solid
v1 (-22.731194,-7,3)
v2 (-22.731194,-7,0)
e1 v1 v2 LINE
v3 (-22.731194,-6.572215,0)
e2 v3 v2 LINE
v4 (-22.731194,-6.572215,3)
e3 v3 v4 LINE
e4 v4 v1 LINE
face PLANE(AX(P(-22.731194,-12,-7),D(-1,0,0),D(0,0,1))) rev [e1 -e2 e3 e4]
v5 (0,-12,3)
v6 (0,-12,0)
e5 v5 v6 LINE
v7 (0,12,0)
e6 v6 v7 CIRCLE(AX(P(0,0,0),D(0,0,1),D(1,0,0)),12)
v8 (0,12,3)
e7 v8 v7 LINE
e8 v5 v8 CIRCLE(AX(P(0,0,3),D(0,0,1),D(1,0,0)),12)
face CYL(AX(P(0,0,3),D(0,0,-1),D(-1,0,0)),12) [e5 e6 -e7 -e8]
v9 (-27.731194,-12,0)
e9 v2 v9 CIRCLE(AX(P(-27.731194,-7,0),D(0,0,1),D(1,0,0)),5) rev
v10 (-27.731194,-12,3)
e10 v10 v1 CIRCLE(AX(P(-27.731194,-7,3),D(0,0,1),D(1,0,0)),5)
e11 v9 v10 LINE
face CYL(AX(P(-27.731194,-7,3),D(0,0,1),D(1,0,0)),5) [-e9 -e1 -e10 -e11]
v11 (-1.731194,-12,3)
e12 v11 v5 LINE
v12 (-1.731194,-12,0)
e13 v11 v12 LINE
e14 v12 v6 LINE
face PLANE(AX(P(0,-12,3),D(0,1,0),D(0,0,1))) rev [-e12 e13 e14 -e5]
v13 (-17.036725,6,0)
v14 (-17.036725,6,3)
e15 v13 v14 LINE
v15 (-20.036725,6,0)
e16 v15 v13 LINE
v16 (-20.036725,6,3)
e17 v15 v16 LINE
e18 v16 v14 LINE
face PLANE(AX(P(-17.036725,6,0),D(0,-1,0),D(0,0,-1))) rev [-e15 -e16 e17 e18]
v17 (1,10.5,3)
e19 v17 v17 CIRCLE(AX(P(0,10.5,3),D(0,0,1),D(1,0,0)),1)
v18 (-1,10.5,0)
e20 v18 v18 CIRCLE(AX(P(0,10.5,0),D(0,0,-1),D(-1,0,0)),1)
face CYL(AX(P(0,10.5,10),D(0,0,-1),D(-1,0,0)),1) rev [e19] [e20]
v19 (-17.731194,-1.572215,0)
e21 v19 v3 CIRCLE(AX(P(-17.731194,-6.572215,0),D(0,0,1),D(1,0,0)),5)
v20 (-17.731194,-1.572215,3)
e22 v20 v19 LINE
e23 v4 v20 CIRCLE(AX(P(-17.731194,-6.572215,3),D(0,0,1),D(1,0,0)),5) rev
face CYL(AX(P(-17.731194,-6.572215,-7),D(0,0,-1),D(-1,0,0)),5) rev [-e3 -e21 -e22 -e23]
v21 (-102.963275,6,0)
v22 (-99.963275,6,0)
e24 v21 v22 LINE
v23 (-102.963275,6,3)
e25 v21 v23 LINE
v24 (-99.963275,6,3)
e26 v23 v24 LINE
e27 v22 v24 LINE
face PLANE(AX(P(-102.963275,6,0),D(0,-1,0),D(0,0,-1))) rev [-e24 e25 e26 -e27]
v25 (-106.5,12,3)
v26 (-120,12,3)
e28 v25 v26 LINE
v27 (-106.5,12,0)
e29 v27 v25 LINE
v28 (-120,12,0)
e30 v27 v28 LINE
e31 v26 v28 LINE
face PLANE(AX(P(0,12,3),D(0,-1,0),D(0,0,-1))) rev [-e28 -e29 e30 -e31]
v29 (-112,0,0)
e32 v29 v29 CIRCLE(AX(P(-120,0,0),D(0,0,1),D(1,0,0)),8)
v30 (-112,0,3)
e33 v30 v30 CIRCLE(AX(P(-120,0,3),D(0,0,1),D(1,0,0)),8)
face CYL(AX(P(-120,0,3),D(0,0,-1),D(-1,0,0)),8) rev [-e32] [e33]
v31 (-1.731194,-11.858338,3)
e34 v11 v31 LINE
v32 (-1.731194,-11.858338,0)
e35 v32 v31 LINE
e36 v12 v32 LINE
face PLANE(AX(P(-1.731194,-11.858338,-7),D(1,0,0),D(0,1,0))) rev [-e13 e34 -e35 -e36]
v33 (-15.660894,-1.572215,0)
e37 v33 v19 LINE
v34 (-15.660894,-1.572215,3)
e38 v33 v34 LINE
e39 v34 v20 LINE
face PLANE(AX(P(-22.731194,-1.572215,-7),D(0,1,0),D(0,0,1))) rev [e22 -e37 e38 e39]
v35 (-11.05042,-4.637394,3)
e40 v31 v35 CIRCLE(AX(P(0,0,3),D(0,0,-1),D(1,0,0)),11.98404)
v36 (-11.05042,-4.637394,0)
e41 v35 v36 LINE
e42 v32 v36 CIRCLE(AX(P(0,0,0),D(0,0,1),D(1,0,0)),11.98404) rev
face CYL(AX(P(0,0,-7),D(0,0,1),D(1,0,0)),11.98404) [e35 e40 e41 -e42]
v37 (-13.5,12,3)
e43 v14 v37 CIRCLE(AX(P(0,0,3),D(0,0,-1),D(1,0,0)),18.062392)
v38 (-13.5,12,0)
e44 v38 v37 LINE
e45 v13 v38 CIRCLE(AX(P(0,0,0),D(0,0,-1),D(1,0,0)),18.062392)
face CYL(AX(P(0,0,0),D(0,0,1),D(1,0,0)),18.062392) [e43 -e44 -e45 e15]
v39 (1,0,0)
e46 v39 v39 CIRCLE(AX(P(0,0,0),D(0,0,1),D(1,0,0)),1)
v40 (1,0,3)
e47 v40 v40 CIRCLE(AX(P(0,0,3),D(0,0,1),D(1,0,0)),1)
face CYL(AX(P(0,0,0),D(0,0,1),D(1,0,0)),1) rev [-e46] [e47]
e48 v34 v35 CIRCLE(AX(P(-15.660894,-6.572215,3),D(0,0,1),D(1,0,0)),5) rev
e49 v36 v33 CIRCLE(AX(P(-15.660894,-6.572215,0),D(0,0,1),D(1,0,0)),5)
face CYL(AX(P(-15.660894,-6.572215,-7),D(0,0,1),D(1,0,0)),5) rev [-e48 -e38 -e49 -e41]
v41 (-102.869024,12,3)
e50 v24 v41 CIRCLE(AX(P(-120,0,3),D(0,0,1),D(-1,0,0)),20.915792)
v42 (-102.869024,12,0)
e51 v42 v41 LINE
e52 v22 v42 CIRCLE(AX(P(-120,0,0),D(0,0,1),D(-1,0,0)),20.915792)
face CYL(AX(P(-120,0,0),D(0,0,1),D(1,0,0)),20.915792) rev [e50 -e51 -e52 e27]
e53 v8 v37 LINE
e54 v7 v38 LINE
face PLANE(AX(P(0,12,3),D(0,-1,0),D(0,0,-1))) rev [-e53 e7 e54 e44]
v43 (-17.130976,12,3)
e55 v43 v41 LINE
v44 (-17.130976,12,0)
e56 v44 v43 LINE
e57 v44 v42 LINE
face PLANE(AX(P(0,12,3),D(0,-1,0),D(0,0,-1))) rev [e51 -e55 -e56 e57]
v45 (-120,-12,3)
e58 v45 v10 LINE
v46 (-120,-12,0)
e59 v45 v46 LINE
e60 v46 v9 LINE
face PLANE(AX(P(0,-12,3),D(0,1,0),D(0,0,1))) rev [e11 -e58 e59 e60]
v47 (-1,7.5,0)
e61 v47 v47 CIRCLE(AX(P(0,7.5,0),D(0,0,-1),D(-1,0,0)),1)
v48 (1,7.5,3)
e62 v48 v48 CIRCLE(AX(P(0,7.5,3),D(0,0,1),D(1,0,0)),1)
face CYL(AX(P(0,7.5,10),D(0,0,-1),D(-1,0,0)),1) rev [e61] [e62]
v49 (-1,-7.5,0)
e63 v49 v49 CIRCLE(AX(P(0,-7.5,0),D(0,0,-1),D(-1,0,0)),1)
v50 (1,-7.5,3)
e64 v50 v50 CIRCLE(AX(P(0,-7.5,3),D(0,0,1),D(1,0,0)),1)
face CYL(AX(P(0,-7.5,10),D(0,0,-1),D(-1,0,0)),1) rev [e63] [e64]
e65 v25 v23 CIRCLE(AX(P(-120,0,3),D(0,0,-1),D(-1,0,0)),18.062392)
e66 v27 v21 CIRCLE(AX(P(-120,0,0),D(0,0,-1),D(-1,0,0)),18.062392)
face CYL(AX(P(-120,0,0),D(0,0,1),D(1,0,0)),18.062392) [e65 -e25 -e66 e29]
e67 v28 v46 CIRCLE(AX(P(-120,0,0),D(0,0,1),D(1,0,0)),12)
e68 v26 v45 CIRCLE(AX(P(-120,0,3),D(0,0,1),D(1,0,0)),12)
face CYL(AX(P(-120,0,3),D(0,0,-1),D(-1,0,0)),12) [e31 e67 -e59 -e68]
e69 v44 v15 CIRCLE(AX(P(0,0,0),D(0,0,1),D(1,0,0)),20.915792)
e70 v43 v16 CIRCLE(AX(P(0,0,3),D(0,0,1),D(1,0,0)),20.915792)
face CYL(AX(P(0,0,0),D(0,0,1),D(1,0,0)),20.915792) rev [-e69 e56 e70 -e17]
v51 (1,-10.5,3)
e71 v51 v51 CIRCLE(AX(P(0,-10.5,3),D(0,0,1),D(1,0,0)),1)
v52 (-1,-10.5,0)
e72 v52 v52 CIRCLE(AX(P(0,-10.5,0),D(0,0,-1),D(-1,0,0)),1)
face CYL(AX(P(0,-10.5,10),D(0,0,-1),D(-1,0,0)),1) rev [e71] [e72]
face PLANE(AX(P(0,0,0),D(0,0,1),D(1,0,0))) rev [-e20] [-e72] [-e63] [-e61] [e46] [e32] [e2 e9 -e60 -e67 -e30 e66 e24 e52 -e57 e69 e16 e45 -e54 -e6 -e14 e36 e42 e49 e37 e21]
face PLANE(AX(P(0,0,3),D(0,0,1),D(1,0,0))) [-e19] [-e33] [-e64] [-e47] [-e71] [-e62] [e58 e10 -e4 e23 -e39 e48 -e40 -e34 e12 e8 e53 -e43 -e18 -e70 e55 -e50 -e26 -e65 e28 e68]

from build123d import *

# Parameters (mm, degrees)
SKETCH1_R           = 8
BOSS_EXTRUDE1_DEPTH = 3
CUT_EXTRUDE1_DEPTH  = 133.578278764
CUT_EXTRUDE8_DEPTH  = 10
FILLET2_R           = 5
FILLET3_R           = 5
FILLET4_R           = 5
SKETCH6_R           = 9.723108926
SKETCH6_R_2         = 1
BOSS_EXTRUDE2_DEPTH = 3
SKETCH10_R          = 1
CUT_EXTRUDE9_DEPTH  = 10


with BuildPart() as part:
    # Sketch1 → Boss-Extrude1 (new body)
    with BuildSketch(Plane.XY):
        with BuildLine():
            Line((0, -12), (-120, -12))
            ThreePointArc((-120, -12), (-132, 0), (-120, 12))
            Line((-120, 12), (0, 12))
            ThreePointArc((0, 12), (12, 0), (0, -12))
        make_face()
        with Locations((-120, 0)):
            Circle(SKETCH1_R, mode=Mode.SUBTRACT)
        with Locations(Location((0, 0, 0), (0, 0, 180))):
            Circle(SKETCH1_R, mode=Mode.SUBTRACT)
    extrude(amount=BOSS_EXTRUDE1_DEPTH)

    # Sketch2 → Cut-Extrude1 (cut, through all)
    with BuildSketch(Plane.XY.offset(3)):
        with BuildLine():
            Line((-17.036725037, 6), (-20.036725037, 6))
            ThreePointArc((-20.036725037, 6), (-18.824439071, 9.116514898), (-17.130976336, 12))
            Line((-17.130976336, 12), (-13.5, 12))
            ThreePointArc((-13.5, 12), (-15.560298648, 9.172082969), (-17.036725037, 6))
        make_face()
        with BuildLine():
            Line((-102.963274963, 6), (-99.963274963, 6))
            ThreePointArc((-99.963274963, 6), (-101.175560929, 9.116514898), (-102.869023664, 12))
            Line((-102.869023664, 12), (-106.5, 12))
            ThreePointArc((-106.5, 12), (-104.439701352, 9.172082969), (-102.963274963, 6))
        make_face()
    extrude(amount=-CUT_EXTRUDE1_DEPTH, mode=Mode.SUBTRACT)

    # Sketch5 → Cut-Extrude8 (cut)
    with BuildSketch(Plane.XY.offset(3)):
        with BuildLine():
            Line((-1.731193523, -11.858337769), (-1.731193523, -12))
            Line((-1.731193523, -12), (-22.731193523, -12))
            Line((-22.731193523, -12), (-22.731193523, -2.344249067))
            Line((-22.731193523, -2.344249067), (-22.731193523, -1.572214532))
            Line((-22.731193523, -1.572214532), (-11.880460729, -1.572214532))
            ThreePointArc((-11.880460729, -1.572214532), (-8.530554828, -8.417056492), (-1.731193523, -11.858337769))
        make_face()
    extrude(amount=-CUT_EXTRUDE8_DEPTH, mode=Mode.SUBTRACT)

    # Fillet2
    fillet2_edges = [part.edges().sort_by_distance(p)[0] for p in [
        (-22.731193523, -1.572214532, 1.5),
    ]]
    fillet(fillet2_edges, radius=FILLET2_R)

    # Fillet3
    fillet3_edges = [part.edges().sort_by_distance(p)[0] for p in [
        (-11.880460729, -1.572214532, 1.5),
    ]]
    fillet(fillet3_edges, radius=FILLET3_R)

    # Fillet4
    fillet4_edges = [part.edges().sort_by_distance(p)[0] for p in [
        (-22.731193523, -12, 1.5),
    ]]
    fillet(fillet4_edges, radius=FILLET4_R)

    # Sketch6 → Boss-Extrude2 (add)
    with BuildSketch(Plane.XY.offset(3)):
        Circle(SKETCH6_R)
        Circle(SKETCH6_R_2, mode=Mode.SUBTRACT)
    extrude(amount=-BOSS_EXTRUDE2_DEPTH)

    # Sketch10 → Cut-Extrude9 (cut)
    with BuildSketch(Plane(origin=(0, 0, 0), x_dir=(-1, 0, 0), z_dir=(0, 0, -1))):
        with Locations((0, 10.5)):
            Circle(SKETCH10_R)
        with Locations((0, 7.5)):
            Circle(SKETCH10_R)
        with Locations((0, -7.5)):
            Circle(SKETCH10_R)
        with Locations((0, -10.5)):
            Circle(SKETCH10_R)
    extrude(amount=-CUT_EXTRUDE9_DEPTH, mode=Mode.SUBTRACT)


solid = part.part
